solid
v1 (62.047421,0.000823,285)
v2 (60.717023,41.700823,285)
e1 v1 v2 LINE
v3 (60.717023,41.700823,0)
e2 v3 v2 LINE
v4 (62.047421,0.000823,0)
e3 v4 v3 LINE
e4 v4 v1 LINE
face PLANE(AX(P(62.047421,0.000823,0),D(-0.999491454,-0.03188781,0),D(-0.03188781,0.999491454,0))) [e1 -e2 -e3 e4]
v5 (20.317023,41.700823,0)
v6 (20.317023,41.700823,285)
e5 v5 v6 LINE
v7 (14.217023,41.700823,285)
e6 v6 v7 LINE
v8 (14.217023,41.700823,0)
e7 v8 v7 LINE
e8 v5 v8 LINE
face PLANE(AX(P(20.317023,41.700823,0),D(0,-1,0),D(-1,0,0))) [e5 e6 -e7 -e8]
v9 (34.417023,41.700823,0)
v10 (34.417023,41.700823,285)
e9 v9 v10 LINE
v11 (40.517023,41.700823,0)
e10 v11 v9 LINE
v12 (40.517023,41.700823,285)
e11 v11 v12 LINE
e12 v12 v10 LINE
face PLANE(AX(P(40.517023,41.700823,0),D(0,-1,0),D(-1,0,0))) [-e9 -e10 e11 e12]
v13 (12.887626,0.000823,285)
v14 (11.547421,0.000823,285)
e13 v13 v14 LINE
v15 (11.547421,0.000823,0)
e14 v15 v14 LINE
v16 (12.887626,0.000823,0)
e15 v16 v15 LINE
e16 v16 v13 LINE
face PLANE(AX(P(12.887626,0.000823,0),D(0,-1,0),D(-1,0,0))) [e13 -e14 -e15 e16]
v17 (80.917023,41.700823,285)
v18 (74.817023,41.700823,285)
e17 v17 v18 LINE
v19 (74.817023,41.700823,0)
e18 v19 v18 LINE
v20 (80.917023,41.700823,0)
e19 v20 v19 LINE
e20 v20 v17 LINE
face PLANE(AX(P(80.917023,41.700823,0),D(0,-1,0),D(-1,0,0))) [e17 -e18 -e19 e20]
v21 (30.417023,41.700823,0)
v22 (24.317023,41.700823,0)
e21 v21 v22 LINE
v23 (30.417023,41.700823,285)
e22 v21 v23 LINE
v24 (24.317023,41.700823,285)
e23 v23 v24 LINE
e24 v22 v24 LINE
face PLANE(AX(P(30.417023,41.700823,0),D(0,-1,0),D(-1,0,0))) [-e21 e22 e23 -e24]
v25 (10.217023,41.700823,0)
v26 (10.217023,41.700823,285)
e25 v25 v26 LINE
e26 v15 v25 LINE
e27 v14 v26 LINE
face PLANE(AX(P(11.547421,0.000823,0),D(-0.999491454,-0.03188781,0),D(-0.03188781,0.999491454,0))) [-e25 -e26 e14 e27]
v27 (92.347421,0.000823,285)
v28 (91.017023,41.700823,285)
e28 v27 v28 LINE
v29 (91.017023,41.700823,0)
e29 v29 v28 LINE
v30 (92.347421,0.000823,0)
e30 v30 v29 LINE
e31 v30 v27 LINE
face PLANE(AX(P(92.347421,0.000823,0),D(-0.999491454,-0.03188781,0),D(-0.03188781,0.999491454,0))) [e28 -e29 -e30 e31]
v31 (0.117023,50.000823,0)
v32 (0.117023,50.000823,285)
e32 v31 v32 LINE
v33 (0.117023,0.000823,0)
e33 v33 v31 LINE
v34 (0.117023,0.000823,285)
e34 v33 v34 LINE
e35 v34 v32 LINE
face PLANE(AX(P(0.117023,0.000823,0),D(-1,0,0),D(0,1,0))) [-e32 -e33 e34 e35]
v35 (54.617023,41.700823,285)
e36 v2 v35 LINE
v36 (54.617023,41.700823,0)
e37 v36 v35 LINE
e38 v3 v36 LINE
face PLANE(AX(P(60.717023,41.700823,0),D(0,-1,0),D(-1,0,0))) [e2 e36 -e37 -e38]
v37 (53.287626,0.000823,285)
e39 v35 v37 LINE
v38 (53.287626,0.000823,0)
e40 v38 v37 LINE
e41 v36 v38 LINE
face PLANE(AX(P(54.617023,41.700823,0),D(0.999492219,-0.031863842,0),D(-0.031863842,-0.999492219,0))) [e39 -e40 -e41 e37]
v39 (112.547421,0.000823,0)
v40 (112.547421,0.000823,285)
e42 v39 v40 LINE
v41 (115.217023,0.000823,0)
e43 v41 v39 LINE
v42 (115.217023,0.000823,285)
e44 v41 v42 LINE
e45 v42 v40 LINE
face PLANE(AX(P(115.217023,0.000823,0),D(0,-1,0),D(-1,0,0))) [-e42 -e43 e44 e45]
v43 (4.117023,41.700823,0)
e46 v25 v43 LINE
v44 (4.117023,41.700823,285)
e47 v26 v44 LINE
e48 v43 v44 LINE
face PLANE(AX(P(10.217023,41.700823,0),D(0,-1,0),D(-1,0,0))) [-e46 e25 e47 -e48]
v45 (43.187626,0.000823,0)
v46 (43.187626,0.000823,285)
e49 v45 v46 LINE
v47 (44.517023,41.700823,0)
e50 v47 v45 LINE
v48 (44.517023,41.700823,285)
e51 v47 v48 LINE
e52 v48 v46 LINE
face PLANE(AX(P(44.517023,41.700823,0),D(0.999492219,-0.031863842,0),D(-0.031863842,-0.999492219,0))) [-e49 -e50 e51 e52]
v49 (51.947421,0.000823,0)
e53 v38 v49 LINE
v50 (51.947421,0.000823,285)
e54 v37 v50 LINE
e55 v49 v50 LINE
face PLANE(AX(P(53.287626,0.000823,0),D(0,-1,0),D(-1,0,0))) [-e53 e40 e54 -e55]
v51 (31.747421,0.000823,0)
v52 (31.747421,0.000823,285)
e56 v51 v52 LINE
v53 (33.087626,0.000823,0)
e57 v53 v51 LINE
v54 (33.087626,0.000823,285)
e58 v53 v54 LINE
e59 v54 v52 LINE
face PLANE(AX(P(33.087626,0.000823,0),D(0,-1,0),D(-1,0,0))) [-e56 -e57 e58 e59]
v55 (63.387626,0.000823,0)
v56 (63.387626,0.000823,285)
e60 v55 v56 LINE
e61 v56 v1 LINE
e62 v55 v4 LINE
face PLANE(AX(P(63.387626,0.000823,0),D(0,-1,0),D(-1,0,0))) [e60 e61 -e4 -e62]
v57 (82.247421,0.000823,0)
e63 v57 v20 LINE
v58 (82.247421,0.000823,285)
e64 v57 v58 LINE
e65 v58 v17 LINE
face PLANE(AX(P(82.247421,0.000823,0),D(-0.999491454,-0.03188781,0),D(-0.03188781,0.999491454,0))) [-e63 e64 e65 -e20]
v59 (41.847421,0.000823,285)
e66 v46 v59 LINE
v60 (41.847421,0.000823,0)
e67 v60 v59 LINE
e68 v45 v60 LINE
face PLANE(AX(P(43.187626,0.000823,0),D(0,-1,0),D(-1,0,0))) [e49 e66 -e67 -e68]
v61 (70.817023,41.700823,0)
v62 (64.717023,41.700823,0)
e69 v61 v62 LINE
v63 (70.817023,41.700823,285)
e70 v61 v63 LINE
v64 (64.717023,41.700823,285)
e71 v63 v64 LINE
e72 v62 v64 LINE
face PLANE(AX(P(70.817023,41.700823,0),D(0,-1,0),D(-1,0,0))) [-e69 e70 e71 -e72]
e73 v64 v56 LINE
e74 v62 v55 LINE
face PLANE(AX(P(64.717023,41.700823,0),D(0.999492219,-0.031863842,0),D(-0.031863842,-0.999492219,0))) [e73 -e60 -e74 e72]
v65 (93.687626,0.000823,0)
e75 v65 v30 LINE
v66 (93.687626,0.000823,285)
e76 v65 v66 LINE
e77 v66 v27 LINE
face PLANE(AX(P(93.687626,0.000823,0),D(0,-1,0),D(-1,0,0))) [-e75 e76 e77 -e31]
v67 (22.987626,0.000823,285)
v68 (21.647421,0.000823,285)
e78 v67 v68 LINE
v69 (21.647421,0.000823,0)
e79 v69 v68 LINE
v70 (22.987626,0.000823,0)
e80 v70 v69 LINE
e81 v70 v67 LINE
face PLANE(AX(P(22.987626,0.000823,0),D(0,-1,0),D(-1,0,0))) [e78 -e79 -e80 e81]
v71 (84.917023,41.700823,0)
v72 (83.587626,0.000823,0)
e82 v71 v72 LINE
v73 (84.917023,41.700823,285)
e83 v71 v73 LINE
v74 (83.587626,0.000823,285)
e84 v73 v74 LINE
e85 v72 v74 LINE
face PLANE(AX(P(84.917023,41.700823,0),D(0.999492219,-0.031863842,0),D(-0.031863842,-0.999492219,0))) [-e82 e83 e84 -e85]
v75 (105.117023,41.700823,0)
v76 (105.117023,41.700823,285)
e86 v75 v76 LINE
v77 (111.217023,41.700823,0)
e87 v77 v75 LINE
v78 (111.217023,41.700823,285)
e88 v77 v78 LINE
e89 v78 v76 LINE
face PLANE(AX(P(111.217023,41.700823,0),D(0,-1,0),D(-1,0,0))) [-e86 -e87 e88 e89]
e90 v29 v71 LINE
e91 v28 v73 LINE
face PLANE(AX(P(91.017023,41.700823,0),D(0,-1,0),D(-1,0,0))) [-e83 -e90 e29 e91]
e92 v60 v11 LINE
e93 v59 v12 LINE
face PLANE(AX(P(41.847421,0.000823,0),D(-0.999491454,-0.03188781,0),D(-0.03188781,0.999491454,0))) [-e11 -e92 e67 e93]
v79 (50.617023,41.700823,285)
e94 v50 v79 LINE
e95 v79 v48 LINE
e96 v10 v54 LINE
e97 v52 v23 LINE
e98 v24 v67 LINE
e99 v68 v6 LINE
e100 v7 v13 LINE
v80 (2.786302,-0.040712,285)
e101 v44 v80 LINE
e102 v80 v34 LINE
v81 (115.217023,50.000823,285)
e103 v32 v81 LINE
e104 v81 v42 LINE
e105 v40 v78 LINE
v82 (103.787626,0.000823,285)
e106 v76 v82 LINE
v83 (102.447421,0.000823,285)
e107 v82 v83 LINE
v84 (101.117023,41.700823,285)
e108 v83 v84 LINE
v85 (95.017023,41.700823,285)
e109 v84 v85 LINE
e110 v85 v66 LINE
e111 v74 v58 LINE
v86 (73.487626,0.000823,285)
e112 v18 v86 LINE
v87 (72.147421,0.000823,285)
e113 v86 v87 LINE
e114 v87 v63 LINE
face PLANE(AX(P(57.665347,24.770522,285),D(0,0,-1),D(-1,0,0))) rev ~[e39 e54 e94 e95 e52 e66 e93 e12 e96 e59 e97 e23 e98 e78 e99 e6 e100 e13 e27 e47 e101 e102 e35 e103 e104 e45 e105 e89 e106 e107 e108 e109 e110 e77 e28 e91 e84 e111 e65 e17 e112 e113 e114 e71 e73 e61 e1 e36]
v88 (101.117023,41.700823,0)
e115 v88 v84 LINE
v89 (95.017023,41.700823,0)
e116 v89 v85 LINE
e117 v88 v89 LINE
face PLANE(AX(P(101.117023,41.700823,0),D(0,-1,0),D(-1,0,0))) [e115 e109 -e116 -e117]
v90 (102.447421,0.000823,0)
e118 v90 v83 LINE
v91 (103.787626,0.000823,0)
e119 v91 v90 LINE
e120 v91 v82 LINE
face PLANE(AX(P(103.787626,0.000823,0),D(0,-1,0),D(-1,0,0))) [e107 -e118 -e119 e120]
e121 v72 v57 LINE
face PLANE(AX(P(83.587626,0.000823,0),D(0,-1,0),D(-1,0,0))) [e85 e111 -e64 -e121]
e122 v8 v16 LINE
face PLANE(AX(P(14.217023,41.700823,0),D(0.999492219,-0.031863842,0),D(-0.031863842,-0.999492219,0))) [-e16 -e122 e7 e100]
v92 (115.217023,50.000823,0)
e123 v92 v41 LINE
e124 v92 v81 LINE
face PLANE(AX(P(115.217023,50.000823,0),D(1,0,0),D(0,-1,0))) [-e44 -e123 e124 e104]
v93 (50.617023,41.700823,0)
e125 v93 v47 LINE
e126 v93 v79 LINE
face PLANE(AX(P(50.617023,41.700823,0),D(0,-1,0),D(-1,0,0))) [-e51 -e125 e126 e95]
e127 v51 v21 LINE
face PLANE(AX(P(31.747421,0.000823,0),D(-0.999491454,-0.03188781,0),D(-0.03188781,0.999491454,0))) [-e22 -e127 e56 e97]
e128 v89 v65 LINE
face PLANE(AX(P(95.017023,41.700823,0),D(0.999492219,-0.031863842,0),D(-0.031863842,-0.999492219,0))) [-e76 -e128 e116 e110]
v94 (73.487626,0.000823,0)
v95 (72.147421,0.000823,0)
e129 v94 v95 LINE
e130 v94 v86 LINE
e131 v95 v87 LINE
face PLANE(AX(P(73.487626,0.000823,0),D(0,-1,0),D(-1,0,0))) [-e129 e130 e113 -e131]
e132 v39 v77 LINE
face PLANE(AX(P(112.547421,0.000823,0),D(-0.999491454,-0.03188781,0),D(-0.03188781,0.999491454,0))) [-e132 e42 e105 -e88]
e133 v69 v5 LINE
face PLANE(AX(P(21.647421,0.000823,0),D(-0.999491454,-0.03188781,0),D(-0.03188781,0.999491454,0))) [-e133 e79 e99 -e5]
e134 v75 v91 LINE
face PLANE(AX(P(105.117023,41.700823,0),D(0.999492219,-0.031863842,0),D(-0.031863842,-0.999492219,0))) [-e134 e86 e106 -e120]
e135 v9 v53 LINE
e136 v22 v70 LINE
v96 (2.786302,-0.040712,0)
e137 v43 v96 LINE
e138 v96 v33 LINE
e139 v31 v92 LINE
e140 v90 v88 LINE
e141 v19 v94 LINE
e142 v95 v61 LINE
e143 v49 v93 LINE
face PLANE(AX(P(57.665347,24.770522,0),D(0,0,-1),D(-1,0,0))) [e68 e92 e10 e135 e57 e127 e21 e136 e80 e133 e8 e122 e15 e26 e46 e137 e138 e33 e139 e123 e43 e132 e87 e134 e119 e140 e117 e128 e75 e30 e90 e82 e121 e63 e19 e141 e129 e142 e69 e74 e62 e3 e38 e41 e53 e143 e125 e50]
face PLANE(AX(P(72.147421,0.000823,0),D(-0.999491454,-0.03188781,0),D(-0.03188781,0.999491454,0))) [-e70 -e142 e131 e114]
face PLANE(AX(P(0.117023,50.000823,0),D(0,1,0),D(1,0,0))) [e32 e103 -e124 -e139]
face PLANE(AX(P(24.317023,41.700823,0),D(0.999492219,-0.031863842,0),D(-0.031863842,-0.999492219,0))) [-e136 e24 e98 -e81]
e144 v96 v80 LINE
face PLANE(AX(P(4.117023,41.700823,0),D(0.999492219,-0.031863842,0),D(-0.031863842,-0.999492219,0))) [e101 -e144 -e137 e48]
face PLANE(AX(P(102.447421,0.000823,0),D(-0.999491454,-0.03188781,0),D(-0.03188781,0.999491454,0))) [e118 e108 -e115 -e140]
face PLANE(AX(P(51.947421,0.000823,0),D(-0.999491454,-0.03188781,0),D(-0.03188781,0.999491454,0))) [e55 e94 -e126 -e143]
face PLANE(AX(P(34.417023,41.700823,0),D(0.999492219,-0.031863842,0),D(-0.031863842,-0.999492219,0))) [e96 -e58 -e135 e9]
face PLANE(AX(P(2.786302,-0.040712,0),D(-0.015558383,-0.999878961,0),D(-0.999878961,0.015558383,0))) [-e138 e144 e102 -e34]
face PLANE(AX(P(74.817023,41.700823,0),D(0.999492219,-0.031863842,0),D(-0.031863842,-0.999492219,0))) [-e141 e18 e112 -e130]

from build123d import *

# Parameters (mm, degrees)
RESSALTO_EXTRUS_O1_DEPTH = 285


with BuildPart() as part:
    # Esboço1 → Ressalto-extrusão1 (new body)
    with BuildSketch(Plane.XY):
        Polygon((0.117023133, 0.000822983), (0.117023133, 50.000822983), (115.217023133, 50.000822983), (115.217023133, 0.000822983), (112.54742137, 0.000822983), (111.217023133, 41.700822983), (105.117023133, 41.700822983), (103.787625897, 0.000822983), (102.44742137, 0.000822983), (101.117023133, 41.700822983), (95.017023133, 41.700822983), (93.687625897, 0.000822983), (92.34742137, 0.000822983), (91.017023133, 41.700822983), (84.917023133, 41.700822983), (83.587625897, 0.000822983), (82.24742137, 0.000822983), (80.917023133, 41.700822983), (74.817023133, 41.700822983), (73.487625897, 0.000822983), (72.14742137, 0.000822983), (70.817023133, 41.700822983), (64.717023133, 41.700822983), (63.387625897, 0.000822983), (62.04742137, 0.000822983), (60.717023133, 41.700822983), (54.617023133, 41.700822983), (53.287625897, 0.000822983), (51.94742137, 0.000822983), (50.617023133, 41.700822983), (44.517023133, 41.700822983), (43.187625897, 0.000822983), (41.84742137, 0.000822983), (40.517023133, 41.700822983), (34.417023133, 41.700822983), (33.087625897, 0.000822983), (31.74742137, 0.000822983), (30.417023133, 41.700822983), (24.317023133, 41.700822983), (22.987625897, 0.000822983), (21.64742137, 0.000822983), (20.317023133, 41.700822983), (14.217023133, 41.700822983), (12.887625897, 0.000822983), (11.54742137, 0.000822983), (10.217023133, 41.700822983), (4.117023133, 41.700822983), (2.78630177, -0.040711704), align=None)
    extrude(amount=RESSALTO_EXTRUS_O1_DEPTH)


solid = part.part
